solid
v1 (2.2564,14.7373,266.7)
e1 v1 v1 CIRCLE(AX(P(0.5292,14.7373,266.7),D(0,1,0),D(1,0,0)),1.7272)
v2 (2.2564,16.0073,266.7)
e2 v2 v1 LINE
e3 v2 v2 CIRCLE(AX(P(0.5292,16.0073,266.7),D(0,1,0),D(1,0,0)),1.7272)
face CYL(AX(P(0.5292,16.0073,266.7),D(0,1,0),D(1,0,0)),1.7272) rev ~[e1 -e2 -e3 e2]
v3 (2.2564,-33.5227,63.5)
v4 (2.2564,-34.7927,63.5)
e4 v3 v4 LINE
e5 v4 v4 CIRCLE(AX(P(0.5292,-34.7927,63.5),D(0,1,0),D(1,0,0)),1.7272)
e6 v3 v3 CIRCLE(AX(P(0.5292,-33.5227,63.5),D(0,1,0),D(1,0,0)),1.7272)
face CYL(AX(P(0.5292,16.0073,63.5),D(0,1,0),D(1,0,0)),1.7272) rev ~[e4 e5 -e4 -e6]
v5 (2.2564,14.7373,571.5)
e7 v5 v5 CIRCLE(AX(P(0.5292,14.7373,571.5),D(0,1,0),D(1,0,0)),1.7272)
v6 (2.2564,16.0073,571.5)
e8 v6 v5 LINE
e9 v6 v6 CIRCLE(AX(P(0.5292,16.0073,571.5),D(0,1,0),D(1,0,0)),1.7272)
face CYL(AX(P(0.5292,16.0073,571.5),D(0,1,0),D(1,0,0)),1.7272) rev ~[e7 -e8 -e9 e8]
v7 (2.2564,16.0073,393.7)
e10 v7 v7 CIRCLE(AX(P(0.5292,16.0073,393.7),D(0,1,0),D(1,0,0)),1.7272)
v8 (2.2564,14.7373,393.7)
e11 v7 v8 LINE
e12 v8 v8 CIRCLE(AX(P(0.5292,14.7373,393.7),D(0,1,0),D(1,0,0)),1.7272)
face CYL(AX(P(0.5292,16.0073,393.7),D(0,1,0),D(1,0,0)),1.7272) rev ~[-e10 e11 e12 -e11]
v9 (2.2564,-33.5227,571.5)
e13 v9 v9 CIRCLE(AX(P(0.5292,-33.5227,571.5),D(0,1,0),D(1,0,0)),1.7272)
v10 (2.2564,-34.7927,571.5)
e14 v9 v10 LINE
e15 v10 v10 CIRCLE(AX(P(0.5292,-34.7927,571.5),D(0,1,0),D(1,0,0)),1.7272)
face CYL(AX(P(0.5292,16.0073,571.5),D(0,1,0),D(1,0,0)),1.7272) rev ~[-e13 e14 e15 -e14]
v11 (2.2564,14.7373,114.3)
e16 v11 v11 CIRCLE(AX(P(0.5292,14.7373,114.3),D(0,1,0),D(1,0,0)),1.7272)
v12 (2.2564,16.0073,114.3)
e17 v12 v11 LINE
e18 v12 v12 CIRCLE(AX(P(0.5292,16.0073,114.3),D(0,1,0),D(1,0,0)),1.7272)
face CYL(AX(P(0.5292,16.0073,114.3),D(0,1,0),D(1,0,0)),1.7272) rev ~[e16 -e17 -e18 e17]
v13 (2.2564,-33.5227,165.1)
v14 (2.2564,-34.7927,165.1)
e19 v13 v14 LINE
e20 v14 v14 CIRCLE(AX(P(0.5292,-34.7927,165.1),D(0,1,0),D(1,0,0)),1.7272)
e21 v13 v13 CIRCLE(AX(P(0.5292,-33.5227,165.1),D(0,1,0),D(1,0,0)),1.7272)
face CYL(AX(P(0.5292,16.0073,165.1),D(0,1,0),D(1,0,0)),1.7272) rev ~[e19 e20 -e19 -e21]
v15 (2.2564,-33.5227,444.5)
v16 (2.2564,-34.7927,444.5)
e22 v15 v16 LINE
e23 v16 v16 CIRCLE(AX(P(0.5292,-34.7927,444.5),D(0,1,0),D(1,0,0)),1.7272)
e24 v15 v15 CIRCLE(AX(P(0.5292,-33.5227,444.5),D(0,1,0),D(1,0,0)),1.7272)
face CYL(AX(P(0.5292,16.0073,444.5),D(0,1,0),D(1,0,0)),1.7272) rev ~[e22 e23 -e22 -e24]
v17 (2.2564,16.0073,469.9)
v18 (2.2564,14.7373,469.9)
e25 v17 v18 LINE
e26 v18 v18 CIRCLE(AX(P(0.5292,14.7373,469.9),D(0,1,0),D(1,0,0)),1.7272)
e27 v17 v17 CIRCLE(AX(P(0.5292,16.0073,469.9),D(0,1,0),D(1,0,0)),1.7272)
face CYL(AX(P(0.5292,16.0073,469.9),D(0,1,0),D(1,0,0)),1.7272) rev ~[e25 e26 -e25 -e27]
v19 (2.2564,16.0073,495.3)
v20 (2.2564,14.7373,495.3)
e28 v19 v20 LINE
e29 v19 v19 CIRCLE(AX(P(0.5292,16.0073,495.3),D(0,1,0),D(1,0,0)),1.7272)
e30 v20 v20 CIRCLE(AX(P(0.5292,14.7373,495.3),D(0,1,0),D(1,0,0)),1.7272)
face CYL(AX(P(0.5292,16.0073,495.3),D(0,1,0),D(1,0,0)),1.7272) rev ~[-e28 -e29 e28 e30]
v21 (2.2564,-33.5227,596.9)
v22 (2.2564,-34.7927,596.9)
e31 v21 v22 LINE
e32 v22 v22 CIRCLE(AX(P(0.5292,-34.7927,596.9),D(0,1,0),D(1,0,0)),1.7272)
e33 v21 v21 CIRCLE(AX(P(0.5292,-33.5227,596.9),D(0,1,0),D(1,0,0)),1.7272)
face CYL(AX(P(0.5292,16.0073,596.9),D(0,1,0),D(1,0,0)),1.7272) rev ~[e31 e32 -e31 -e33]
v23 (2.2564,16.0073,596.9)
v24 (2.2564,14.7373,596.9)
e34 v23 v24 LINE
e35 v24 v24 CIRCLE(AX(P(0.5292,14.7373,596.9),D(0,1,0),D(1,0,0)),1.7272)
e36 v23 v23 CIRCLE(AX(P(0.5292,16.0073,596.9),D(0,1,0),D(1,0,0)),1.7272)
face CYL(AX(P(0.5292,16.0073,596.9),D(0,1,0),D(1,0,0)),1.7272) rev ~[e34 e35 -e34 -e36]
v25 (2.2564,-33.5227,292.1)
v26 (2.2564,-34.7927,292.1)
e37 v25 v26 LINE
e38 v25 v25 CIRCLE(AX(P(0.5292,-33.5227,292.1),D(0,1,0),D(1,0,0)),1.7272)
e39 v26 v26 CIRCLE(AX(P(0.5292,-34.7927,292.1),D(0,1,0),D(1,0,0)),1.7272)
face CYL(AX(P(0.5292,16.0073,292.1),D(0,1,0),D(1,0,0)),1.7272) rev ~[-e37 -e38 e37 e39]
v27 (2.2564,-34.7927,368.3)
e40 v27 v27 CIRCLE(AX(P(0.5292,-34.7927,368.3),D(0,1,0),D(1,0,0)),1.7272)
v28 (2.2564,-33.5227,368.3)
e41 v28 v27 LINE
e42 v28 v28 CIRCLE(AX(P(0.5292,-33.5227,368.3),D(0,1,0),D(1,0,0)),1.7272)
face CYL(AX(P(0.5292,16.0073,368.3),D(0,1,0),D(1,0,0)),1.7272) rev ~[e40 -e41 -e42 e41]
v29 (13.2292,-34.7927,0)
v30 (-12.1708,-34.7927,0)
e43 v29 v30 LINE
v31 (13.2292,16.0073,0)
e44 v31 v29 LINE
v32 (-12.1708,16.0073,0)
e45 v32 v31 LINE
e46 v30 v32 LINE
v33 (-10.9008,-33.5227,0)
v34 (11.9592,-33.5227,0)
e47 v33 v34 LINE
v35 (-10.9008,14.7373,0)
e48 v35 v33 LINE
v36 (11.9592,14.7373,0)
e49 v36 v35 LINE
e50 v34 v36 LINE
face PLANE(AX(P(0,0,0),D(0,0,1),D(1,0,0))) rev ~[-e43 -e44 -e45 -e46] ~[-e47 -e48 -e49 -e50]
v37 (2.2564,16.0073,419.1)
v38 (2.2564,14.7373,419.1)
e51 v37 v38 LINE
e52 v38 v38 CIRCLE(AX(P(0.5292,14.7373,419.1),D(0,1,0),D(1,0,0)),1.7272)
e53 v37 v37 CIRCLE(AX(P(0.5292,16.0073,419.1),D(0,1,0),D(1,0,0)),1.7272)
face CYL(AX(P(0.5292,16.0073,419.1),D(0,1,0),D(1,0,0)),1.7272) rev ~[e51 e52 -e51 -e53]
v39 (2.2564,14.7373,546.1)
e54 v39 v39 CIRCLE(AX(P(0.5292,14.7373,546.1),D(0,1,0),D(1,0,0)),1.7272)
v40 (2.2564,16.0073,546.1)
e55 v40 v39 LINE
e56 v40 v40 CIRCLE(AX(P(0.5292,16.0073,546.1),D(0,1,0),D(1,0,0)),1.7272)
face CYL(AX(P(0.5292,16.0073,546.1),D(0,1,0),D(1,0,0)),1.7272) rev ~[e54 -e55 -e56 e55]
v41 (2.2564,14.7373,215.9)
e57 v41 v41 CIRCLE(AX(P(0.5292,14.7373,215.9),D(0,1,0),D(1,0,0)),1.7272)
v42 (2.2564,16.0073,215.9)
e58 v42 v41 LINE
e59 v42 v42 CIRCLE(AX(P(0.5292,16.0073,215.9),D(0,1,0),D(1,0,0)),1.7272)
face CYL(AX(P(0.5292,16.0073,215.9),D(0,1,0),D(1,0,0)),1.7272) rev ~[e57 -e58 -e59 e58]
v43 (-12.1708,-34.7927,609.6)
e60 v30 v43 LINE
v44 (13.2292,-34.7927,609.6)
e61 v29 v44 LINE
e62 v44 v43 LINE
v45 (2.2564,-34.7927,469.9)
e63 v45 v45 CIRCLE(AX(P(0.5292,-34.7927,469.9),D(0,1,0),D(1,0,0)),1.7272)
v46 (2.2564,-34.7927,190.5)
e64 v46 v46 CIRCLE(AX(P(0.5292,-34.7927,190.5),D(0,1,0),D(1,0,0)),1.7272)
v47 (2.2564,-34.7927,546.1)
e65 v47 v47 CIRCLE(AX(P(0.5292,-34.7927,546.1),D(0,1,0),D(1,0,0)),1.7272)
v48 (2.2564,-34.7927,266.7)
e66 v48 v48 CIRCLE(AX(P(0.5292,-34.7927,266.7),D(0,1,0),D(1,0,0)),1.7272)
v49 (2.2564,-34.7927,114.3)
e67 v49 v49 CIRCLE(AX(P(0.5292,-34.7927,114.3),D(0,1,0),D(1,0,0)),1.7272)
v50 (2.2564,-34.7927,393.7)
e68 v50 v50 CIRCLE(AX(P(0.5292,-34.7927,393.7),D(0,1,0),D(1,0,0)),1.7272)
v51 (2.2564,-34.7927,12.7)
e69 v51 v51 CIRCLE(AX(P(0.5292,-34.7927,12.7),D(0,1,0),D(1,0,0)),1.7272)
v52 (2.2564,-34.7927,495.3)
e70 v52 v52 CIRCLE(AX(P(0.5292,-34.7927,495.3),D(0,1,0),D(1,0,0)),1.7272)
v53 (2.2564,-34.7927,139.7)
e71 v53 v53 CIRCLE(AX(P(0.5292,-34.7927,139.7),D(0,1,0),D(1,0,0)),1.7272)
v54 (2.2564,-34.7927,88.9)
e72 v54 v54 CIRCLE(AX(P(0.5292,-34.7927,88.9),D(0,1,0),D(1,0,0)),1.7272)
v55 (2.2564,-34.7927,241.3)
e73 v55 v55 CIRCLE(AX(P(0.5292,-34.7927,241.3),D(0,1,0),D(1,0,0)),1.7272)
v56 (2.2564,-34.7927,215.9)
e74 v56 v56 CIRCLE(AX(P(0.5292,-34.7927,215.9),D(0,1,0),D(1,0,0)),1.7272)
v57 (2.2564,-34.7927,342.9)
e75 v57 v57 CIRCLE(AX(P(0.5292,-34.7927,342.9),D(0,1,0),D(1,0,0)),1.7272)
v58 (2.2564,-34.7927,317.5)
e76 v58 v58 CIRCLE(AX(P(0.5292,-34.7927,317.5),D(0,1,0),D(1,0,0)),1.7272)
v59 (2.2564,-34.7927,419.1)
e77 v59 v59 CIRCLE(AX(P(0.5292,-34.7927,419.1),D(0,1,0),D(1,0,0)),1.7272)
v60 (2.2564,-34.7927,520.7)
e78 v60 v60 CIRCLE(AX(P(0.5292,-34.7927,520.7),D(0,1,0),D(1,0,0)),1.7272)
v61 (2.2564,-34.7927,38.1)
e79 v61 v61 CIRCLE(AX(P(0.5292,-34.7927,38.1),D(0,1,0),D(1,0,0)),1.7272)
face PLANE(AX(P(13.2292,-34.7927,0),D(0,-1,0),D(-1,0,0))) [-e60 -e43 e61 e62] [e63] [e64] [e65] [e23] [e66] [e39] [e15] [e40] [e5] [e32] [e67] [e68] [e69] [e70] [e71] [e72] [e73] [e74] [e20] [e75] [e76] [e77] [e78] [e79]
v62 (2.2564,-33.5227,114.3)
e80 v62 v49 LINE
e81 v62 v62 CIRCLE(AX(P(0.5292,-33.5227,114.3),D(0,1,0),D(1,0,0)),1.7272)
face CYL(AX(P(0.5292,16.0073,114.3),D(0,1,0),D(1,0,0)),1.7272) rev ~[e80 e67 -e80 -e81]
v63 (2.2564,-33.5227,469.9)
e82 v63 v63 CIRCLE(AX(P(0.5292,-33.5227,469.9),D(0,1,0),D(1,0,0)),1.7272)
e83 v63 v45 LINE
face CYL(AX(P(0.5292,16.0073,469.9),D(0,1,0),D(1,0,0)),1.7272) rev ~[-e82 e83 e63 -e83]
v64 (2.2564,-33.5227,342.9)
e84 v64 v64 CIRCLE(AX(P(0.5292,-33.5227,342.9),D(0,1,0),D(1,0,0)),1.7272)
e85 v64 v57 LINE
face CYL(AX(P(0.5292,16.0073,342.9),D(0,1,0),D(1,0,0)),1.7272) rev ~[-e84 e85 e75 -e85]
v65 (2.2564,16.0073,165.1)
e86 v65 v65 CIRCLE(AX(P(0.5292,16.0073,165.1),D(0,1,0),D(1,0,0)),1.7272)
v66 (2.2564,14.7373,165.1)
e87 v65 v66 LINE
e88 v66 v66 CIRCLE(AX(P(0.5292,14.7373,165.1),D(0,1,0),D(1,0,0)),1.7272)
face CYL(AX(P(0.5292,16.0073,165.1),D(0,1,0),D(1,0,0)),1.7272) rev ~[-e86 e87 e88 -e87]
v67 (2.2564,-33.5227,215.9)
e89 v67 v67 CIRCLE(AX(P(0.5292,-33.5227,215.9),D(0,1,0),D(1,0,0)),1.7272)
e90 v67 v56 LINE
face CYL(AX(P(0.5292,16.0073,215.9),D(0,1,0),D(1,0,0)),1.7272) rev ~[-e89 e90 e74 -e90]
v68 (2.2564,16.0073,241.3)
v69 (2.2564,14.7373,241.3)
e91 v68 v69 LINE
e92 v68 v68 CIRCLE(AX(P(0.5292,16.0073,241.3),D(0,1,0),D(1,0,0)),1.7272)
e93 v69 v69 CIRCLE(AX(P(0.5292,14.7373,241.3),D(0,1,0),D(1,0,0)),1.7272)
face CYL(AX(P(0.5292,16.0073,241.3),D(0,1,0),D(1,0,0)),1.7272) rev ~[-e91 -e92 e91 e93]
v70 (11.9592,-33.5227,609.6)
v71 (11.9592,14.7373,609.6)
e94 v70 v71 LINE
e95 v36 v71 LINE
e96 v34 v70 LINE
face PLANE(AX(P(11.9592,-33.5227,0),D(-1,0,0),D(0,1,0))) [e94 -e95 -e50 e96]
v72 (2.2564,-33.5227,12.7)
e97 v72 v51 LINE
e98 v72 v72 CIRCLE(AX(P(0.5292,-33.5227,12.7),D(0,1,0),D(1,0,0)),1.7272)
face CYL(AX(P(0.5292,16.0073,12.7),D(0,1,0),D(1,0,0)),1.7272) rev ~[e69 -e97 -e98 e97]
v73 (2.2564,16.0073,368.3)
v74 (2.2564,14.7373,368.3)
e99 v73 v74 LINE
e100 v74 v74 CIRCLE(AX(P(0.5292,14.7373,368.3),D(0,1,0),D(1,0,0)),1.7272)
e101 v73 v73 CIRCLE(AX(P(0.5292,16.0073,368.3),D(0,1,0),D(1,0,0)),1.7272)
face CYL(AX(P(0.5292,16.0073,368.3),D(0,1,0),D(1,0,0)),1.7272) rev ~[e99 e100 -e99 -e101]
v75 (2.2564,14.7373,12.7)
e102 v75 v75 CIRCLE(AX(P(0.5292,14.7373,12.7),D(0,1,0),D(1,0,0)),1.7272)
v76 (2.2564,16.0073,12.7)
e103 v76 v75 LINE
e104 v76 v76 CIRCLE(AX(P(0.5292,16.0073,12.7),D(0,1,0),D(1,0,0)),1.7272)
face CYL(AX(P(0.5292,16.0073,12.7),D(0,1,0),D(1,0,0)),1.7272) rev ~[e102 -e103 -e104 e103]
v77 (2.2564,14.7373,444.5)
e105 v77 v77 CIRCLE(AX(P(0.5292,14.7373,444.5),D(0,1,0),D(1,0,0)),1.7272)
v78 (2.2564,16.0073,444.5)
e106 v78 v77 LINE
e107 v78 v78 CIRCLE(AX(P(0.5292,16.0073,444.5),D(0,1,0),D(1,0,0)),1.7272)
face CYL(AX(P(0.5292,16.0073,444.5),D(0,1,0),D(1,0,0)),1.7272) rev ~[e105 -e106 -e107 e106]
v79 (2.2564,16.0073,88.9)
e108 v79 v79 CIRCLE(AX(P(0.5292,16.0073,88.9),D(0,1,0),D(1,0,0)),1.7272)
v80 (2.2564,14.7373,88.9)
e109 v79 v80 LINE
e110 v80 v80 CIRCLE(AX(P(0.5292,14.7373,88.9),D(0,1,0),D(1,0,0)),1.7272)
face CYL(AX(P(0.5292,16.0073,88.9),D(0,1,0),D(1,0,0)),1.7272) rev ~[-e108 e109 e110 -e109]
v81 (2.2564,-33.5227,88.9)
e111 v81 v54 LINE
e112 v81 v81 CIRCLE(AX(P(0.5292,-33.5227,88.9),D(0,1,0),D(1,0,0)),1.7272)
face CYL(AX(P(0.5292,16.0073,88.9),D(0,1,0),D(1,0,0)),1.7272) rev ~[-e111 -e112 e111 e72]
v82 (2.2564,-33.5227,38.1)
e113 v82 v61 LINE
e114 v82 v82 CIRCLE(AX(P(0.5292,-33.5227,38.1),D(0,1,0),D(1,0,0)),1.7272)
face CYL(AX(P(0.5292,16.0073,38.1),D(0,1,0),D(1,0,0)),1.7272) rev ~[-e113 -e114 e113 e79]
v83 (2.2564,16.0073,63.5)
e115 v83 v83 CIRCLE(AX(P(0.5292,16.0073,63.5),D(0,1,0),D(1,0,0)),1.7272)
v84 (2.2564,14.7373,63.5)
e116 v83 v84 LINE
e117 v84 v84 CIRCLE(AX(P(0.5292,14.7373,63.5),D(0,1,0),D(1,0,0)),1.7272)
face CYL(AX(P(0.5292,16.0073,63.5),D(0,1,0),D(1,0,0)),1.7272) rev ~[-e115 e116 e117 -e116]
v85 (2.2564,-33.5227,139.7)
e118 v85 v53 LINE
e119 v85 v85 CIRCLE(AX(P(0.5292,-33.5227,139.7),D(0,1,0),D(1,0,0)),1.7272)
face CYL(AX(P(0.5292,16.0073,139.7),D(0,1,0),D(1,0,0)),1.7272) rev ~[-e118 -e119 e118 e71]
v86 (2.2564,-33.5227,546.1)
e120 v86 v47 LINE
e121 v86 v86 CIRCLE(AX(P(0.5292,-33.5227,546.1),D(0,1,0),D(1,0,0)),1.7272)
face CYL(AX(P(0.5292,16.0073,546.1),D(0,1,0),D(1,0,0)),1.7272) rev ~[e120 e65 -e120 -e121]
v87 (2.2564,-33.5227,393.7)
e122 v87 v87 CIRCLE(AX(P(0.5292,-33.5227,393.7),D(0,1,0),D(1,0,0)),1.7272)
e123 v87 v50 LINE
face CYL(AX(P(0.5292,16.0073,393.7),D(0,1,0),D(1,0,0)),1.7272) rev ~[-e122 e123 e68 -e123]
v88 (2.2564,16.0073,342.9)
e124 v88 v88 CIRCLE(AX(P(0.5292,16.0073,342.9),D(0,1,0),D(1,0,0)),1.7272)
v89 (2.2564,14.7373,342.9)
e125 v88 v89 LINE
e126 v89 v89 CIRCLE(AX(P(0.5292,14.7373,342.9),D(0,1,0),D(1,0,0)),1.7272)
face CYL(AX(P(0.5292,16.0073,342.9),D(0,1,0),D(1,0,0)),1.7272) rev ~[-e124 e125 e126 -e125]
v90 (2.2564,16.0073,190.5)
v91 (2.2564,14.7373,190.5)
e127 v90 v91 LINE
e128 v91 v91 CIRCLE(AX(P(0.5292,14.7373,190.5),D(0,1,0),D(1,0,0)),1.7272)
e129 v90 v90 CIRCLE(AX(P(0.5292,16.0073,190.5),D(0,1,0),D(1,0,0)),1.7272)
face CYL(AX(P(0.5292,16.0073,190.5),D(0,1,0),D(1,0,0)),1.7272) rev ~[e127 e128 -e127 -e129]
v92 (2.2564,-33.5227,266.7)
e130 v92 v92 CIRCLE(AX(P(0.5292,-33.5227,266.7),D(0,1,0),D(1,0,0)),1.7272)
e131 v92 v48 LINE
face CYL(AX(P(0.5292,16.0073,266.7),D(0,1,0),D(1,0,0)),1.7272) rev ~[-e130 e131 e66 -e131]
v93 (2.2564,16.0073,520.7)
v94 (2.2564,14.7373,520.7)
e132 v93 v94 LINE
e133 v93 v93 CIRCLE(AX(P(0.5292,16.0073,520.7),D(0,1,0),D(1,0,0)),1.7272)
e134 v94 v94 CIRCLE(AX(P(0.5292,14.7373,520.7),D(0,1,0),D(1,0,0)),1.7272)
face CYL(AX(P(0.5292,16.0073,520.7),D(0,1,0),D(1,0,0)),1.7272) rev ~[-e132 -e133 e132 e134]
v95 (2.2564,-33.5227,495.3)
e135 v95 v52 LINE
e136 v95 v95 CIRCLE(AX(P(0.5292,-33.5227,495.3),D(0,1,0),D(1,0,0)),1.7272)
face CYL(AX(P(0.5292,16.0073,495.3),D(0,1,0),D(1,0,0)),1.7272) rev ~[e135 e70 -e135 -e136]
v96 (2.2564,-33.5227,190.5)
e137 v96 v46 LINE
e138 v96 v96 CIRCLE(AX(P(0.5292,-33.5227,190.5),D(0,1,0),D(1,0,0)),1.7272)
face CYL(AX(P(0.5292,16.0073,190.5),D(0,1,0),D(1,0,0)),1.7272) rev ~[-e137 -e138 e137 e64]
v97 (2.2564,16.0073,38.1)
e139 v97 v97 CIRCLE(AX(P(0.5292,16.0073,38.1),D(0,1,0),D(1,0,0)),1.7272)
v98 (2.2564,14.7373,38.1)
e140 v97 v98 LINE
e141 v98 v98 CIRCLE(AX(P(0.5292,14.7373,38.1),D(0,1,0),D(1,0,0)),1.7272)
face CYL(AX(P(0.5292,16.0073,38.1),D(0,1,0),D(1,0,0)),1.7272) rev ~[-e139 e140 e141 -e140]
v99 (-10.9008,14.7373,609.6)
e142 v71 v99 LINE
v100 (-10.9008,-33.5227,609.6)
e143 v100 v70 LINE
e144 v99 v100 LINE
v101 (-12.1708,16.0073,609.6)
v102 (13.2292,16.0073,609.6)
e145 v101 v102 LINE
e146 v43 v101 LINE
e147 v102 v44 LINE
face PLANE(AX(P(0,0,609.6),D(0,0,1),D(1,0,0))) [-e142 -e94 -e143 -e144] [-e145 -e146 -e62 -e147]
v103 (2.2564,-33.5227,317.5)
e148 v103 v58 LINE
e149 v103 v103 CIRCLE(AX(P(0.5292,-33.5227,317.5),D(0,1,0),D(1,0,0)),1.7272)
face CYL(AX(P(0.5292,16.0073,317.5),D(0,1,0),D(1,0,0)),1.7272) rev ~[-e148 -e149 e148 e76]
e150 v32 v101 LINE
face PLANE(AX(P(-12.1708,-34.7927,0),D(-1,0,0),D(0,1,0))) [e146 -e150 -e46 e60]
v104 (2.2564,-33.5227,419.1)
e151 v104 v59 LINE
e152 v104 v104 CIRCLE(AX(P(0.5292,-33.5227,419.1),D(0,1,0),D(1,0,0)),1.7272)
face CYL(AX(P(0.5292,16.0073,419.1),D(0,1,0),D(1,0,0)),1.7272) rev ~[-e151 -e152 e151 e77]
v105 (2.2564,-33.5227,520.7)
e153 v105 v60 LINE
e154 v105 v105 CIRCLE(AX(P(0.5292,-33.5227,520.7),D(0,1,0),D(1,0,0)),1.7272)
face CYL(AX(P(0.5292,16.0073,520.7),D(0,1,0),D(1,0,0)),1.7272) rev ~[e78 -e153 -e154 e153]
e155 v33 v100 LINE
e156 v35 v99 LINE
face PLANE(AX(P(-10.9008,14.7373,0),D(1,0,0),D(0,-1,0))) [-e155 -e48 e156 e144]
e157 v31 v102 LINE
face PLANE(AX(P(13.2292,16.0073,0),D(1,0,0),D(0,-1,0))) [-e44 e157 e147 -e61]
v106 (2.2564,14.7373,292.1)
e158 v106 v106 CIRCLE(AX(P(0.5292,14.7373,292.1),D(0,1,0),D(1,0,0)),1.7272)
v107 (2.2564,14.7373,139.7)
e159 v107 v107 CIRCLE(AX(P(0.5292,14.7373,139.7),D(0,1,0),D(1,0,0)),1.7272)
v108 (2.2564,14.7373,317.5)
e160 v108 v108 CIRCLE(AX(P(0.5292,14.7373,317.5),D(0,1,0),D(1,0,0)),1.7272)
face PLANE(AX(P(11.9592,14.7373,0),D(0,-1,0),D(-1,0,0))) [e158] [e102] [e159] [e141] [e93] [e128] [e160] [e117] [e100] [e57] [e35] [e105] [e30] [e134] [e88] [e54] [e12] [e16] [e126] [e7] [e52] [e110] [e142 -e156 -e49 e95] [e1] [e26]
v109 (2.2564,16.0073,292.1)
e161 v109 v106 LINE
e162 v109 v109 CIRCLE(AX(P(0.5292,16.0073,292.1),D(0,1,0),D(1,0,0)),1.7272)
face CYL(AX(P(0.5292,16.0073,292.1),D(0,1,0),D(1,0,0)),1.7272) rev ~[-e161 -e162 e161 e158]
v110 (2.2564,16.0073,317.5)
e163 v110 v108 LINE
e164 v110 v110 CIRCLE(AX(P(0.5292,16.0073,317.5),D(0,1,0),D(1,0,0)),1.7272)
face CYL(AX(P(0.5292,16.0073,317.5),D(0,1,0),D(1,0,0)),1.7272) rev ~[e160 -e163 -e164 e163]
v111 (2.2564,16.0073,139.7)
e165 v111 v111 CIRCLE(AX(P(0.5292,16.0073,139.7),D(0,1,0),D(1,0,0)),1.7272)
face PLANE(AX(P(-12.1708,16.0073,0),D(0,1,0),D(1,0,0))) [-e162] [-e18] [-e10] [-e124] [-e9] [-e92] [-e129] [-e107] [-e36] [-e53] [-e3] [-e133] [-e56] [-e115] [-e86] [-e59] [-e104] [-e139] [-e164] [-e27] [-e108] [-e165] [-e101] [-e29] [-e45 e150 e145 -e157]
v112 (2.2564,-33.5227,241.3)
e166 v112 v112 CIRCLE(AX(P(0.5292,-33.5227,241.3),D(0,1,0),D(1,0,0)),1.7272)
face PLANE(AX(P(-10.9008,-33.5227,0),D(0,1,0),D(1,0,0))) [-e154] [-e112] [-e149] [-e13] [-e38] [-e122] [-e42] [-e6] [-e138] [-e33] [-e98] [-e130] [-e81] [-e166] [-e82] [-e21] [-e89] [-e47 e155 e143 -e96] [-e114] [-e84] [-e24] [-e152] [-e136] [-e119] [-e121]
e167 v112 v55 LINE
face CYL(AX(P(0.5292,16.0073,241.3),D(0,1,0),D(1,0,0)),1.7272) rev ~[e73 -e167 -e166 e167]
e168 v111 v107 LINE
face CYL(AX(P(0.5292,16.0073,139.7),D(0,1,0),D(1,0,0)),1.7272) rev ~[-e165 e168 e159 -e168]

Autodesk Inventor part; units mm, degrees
ref_plane "YZ Plane" through (0, 0, 0) normal (1, 0, 0) x (0, 1, 0)
ref_plane "XZ Plane" through (0, 0, 0) normal (0, 1, 0) x (-1, 0, 0)
ref_plane "XY Plane" through (0, 0, 0) normal (0, 0, 1) x (1, 0, 0)
sketch "Sketch1" plane through (0, 0, 0) normal (0, 0, 1) x (1, 0, 0)
  line L0 (-12.1708, 16.0073) -> (13.2292, 16.0073)
  line L1 (13.2292, 16.0073) -> (13.2292, -34.7927)
  line L2 (13.2292, -34.7927) -> (-12.1708, -34.7927)
  line L3 (-12.1708, -34.7927) -> (-12.1708, 16.0073)
  line L4 (11.9592, 14.7373) -> (-10.9008, 14.7373)
  line L5 (-10.9008, 14.7373) -> (-10.9008, -33.5227)
  line L6 (-10.9008, -33.5227) -> (11.9592, -33.5227)
  line L7 (11.9592, -33.5227) -> (11.9592, 14.7373)
  point P0 (0, 0)
  dimension "d0" = 25.4
  dimension "d1" = 50.8
  dimension "d2" = 1.27
extrude "Extrusion1" add sketch "Sketch1" along normal blind 609.6
sketch "Sketch2" plane through (-12.1708, 16.0073, 0) normal (0, 1, 0) x (1, 0, 0)
  circle A0 centre (12.7, -12.7) radius 1.7272
  line L0 (25.4, 0) -> (0, 0) projected
  line L1 (0, 0) -> (0, -609.6) projected
  point P0 (12.1708, 0)
  dimension "d5" = 3.4544
  dimension "d6" = 12.7
  dimension "d7" = 12.7
extrude "Extrusion2" cut sketch "Sketch2" against normal through all
pattern_linear "Rectangular Pattern1" count 24 spacing 25.4 along (0, 0, 1) of "Extrusion2"
equation "\"d3\" = d13"
equation "\"d13\" = 609.6"
properties part number "VerseFrame 24in"
